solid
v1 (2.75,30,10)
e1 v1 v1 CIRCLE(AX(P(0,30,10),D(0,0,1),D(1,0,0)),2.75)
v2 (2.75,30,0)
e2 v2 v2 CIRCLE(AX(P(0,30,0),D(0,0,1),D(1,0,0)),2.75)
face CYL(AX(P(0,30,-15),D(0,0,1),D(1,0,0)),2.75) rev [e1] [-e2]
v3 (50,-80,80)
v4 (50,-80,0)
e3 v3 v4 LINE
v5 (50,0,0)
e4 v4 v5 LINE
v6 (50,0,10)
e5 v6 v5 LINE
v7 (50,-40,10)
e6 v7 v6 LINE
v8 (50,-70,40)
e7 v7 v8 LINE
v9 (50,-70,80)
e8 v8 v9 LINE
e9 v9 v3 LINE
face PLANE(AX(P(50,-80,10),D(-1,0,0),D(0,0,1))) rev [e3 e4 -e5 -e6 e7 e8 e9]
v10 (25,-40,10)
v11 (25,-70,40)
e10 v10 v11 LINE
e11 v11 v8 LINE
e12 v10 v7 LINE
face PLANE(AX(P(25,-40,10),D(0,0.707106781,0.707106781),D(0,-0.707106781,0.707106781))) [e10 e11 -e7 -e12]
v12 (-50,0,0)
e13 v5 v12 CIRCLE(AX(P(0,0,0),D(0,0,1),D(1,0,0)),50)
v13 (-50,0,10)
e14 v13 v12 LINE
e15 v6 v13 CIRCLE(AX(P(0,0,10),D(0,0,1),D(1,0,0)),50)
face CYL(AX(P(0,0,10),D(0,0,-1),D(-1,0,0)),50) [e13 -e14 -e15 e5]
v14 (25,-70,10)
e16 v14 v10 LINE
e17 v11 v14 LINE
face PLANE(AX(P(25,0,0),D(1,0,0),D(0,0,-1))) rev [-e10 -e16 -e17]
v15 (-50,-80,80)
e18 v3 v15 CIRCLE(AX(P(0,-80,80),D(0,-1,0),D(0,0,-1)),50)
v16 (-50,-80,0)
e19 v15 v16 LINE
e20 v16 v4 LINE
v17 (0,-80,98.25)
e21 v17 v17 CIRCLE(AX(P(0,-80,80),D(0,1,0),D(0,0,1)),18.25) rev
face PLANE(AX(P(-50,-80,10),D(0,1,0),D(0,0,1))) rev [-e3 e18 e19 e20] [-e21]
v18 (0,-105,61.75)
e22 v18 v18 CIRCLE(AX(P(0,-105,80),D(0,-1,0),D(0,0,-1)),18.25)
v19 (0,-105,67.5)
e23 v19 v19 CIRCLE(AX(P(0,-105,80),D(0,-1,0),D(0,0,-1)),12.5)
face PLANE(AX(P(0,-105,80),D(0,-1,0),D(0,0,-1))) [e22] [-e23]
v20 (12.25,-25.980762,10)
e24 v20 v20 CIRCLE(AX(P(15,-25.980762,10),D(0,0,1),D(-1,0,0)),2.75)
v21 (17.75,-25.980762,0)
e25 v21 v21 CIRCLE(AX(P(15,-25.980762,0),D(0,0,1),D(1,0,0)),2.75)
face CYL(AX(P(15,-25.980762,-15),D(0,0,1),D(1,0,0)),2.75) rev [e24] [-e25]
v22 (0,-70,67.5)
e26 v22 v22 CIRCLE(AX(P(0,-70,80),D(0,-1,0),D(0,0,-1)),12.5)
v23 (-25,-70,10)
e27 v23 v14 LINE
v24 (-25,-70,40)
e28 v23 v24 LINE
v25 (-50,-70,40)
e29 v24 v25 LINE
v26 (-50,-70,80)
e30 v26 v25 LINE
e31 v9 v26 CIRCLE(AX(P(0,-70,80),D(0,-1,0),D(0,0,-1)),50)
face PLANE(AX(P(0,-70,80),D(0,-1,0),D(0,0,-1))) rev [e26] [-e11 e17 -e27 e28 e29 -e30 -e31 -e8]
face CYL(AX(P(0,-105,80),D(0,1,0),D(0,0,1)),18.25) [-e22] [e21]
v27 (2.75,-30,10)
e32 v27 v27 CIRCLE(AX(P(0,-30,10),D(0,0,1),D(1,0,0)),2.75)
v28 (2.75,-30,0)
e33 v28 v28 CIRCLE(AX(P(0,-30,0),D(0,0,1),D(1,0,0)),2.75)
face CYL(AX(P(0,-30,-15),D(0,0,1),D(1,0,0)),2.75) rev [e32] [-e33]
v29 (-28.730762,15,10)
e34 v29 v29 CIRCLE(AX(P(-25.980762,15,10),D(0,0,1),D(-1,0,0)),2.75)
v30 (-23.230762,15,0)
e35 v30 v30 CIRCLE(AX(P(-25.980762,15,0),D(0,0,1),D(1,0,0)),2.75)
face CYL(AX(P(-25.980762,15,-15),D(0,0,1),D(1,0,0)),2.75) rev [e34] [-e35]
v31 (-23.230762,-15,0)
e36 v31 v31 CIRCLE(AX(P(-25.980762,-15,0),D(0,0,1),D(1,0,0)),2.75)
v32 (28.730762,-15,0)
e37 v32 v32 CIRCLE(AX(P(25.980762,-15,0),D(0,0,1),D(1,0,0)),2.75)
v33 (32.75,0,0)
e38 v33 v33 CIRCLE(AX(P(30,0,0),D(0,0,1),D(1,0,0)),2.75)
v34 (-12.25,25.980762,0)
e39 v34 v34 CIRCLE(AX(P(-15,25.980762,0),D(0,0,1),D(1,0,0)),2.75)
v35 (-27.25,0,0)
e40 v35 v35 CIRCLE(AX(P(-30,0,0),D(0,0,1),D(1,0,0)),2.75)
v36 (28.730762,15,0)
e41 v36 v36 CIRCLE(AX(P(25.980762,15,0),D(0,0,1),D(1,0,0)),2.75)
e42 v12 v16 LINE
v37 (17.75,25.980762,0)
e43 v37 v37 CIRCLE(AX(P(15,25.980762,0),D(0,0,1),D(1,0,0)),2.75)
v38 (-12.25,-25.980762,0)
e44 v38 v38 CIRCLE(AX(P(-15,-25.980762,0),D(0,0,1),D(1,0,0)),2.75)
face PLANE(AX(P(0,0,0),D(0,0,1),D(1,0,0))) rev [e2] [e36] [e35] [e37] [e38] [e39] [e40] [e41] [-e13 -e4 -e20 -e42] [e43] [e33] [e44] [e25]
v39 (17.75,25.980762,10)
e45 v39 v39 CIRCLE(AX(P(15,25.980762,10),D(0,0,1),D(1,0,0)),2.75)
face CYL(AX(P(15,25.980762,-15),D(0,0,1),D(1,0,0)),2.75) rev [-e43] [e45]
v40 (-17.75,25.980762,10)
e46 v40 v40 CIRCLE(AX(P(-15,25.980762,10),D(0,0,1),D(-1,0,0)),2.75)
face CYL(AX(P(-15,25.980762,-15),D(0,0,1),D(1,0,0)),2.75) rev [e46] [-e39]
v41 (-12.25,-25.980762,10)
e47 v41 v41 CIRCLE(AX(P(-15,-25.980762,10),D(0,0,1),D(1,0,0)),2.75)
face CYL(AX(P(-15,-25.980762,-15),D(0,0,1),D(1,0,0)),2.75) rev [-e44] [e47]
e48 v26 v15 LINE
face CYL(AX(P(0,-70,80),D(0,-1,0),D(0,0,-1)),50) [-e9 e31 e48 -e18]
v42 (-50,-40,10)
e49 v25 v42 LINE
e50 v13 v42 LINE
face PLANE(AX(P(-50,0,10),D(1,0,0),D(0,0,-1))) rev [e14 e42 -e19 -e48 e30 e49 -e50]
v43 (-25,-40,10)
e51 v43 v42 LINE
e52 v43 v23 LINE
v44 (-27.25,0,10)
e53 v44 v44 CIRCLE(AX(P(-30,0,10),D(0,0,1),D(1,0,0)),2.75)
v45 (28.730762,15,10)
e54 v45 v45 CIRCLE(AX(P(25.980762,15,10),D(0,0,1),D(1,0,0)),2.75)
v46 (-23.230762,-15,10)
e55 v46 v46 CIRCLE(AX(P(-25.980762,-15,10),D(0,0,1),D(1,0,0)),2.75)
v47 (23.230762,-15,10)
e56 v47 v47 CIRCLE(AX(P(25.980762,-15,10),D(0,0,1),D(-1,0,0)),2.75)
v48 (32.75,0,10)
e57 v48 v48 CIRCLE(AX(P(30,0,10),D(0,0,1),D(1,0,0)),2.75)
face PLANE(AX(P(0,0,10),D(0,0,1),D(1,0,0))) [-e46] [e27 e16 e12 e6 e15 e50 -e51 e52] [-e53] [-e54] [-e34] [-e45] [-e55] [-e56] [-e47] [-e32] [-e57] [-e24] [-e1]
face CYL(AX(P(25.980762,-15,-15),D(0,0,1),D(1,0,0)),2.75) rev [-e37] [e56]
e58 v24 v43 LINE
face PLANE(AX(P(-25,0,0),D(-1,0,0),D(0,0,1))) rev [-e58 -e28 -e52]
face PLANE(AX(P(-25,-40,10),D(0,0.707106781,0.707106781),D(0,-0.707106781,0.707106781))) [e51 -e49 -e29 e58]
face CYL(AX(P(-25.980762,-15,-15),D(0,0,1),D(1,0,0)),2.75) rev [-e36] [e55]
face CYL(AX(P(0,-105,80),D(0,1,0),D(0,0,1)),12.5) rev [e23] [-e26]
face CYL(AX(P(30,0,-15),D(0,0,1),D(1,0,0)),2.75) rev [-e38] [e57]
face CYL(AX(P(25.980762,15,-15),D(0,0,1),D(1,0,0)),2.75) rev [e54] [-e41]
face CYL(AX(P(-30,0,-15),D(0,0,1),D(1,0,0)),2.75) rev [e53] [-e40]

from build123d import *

# Parameters (mm, degrees)
EXTRUDE_1_DEPTH     = 10
EXTRUDE_2_DEPTH     = 10
EXTRUDE_3_DEPTH     = 25
EXTRUDE_4_DEPTH     = 25
SKETCH_5_R          = 2.75
CUT_EXTRUDE_1_DEPTH = 25
SKETCH_6_R          = 18.25
SKETCH_6_R_2        = 12.5
EXTRUDE_5_DEPTH     = 25
CUT_EXTRUDE_START   = -10
SKETCH_7_R          = 12.5
CUT_EXTRUDE_2_DEPTH = 10


with BuildPart() as part:
    # 草图1 → 凸台-拉伸1 (new body)
    with BuildSketch(Plane.XY):
        with BuildLine():
            Line((-50, 0), (-50, -80))
            Line((-50, -80), (50, -80))
            Line((50, -80), (50, 0))
            ThreePointArc((50, 0), (0, 50), (-50, 0))
        make_face()
    extrude(amount=EXTRUDE_1_DEPTH)

    # 草图2 → 凸台-拉伸2 (add)
    with BuildSketch(Plane.XZ.offset(80)):
        with BuildLine():
            Line((50, 10), (50, 80))
            ThreePointArc((50, 80), (0, 130), (-50, 80))
            Line((-50, 80), (-50, 10))
            Line((-50, 10), (50, 10))
        make_face()
    extrude(amount=-EXTRUDE_2_DEPTH)

    # 草图3 → 凸台-拉伸3 (add)
    with BuildSketch(Plane.ZY.offset(50)):
        Polygon((10, -40), (40, -70), (10, -70), align=None)
    extrude(amount=-EXTRUDE_3_DEPTH)

    # 草图4 → 凸台-拉伸4 (add)
    with BuildSketch(Plane(origin=(50, 0, 0), x_dir=(0, 0, -1), z_dir=(1, 0, 0))):
        Polygon((-10, -70), (-10, -40), (-40, -70), align=None)
    extrude(amount=-EXTRUDE_4_DEPTH)

    # 草图5 → 切除-拉伸1 (cut)
    with BuildSketch(Plane.XY.offset(10)):
        with Locations((0, 30)):
            Circle(SKETCH_5_R)
        with Locations((30, 0)):
            Circle(SKETCH_5_R)
        with Locations((0, -30)):
            Circle(SKETCH_5_R)
        with Locations((-30, 0)):
            Circle(SKETCH_5_R)
        with Locations((15, 25.980762114)):
            Circle(SKETCH_5_R)
        with Locations((25.980762114, 15)):
            Circle(SKETCH_5_R)
        with Locations((15, -25.980762114)):
            Circle(SKETCH_5_R)
        with Locations((25.980762114, -15)):
            Circle(SKETCH_5_R)
        with Locations((-15, 25.980762114)):
            Circle(SKETCH_5_R)
        with Locations((-25.980762114, 15)):
            Circle(SKETCH_5_R)
        with Locations((-25.980762114, -15)):
            Circle(SKETCH_5_R)
        with Locations((-15, -25.980762114)):
            Circle(SKETCH_5_R)
    extrude(amount=-CUT_EXTRUDE_1_DEPTH, mode=Mode.SUBTRACT)

    # 草图6 → 凸台-拉伸5 (add)
    with BuildSketch(Plane.XZ.offset(80)):
        with Locations(Location((0, 80, 0), (0, 0, 90))):
            Circle(SKETCH_6_R)
        with Locations(Location((0, 80, 0), (0, 0, 270))):
            Circle(SKETCH_6_R_2, mode=Mode.SUBTRACT)
    extrude(amount=EXTRUDE_5_DEPTH)

    # 草图7 → 切除-拉伸2 (cut)
    with BuildSketch(Plane.XZ.offset(80).offset(CUT_EXTRUDE_START)):
        with Locations(Location((0, 80, 0), (0, 0, 270))):
            Circle(SKETCH_7_R)
    extrude(amount=CUT_EXTRUDE_2_DEPTH, mode=Mode.SUBTRACT)


solid = part.part
